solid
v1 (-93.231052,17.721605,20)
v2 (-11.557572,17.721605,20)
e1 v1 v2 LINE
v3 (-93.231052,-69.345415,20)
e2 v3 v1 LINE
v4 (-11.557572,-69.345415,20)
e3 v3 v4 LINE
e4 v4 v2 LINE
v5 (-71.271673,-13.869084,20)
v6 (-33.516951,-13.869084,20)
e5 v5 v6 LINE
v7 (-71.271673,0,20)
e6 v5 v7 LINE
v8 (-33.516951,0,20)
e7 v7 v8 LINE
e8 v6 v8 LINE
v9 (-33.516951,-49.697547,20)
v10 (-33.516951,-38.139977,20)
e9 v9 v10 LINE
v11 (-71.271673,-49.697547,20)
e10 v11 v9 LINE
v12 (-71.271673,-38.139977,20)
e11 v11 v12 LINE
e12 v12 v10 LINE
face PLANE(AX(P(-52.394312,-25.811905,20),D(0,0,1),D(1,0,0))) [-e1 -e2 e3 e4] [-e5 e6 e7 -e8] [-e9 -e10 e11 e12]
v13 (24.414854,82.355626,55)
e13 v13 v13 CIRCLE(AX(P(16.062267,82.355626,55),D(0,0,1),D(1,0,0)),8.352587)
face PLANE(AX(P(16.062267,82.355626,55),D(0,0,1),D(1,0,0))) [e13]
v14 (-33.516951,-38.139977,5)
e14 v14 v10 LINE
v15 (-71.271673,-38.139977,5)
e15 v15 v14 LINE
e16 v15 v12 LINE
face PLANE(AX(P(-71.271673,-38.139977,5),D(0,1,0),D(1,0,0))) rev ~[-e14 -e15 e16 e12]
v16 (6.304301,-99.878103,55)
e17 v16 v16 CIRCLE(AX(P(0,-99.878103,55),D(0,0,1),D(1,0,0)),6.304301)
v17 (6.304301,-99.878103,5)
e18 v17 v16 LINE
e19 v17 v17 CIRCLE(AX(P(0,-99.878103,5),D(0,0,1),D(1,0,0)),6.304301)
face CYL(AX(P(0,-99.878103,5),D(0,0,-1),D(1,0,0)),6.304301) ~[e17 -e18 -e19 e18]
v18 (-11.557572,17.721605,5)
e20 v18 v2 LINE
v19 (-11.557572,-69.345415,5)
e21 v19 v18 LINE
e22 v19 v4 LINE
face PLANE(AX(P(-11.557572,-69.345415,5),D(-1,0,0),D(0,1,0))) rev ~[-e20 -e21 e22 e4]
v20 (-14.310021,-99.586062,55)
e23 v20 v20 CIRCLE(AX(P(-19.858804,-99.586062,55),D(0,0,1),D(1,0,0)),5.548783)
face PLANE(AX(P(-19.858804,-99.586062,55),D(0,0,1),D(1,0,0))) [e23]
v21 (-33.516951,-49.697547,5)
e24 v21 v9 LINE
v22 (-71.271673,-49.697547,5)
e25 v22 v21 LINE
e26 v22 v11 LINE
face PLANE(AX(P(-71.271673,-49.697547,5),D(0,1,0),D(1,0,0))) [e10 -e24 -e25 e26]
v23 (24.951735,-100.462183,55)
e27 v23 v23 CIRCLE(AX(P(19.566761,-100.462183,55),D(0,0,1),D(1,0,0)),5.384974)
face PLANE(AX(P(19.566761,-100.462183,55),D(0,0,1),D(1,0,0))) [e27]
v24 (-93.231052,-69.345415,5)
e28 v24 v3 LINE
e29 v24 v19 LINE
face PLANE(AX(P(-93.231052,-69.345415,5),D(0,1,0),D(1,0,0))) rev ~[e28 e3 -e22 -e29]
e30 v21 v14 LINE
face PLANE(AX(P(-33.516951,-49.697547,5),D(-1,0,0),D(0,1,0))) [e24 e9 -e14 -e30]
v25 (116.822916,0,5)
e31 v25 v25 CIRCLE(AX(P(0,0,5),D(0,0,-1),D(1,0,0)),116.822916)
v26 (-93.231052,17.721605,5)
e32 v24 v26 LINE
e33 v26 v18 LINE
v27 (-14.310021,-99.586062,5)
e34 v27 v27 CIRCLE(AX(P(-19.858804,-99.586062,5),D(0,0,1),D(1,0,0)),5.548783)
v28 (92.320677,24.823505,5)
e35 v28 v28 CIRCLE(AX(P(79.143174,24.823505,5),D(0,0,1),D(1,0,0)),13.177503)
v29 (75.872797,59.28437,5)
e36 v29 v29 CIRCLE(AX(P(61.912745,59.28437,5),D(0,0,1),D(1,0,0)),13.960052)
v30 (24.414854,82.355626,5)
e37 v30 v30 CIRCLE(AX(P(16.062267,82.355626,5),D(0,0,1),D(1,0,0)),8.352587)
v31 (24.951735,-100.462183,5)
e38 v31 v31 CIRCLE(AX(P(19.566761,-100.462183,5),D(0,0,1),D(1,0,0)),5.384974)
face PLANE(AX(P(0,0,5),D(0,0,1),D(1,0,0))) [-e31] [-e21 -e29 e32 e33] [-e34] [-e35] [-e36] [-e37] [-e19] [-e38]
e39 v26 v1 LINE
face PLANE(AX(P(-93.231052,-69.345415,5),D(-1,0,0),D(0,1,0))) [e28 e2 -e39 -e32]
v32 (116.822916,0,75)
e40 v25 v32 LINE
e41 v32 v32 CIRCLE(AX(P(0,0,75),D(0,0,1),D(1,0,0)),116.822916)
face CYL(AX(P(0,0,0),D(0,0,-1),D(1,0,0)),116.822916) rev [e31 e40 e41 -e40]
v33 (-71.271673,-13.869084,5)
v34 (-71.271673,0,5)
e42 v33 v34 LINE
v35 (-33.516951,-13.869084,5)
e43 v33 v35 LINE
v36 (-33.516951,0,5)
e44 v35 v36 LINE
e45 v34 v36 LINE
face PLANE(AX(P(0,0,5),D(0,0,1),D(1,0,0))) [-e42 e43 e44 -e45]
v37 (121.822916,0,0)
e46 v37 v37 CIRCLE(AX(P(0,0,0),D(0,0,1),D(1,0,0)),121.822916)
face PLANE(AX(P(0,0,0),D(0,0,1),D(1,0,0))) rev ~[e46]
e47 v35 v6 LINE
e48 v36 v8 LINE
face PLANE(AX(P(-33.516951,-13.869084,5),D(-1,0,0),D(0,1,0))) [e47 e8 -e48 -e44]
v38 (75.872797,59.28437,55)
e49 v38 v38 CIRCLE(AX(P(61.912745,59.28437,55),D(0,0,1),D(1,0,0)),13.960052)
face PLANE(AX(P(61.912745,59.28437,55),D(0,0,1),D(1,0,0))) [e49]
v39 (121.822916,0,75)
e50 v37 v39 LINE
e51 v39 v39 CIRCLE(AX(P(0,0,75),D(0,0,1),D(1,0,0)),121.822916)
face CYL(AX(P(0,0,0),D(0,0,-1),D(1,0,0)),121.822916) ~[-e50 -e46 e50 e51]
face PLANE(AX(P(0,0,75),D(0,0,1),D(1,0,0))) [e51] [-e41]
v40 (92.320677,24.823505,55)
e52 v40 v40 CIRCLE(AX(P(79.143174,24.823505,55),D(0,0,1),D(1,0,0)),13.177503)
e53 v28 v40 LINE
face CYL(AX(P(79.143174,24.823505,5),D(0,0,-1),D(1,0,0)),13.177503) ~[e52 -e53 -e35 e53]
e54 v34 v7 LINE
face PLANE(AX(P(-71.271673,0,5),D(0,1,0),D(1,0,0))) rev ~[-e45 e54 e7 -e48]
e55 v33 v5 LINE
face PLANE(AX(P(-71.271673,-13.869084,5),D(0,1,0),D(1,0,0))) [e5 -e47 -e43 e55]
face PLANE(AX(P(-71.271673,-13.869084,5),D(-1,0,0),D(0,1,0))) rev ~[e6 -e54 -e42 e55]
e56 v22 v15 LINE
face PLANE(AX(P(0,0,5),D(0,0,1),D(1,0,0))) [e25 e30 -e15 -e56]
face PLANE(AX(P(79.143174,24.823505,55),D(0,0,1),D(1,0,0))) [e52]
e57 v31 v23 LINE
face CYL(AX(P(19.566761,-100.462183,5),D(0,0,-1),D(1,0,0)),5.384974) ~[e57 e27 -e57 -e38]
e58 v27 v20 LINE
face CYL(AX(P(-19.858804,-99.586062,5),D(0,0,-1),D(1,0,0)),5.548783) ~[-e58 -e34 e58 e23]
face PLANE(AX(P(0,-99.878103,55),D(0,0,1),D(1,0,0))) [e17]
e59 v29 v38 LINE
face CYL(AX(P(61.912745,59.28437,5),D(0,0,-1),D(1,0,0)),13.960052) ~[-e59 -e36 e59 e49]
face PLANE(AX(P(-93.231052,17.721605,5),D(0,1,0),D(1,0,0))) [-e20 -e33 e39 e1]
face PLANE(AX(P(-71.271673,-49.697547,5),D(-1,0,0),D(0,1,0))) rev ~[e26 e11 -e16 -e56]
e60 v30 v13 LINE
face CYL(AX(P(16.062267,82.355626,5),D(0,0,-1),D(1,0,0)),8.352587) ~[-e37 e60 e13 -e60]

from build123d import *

# Parameters (mm, degrees)
F0_R     = 121.822916
F1_DEPTH = 75
F2_T     = -5
F3_R     = 8.352587
F3_R_2   = 13.960052
F3_R_3   = 13.177503
F3_R_4   = 5.384974
F3_R_5   = 6.304301
F3_R_6   = 5.548783
F4_DEPTH = 50
F5_W     = 81.67348
F5_H     = 87.06702
F5_W_2   = 37.754722
F5_H_2   = 11.557571
F5_H_3   = 13.869084
F6_DEPTH = 15


with BuildPart() as f1:
    # F0 (on Top) → F1 (new body)
    with BuildSketch(Plane.XY):
        Circle(F0_R)
    extrude(amount=F1_DEPTH)

    # F2
    f2_openings = [f1.faces().sort_by_distance(p)[0] for p in [
        (0, 0, 75),
    ]]
    offset(amount=F2_T, openings=f2_openings)

    # F3 (on face) → F4 (join)
    with BuildSketch(Plane.XY.offset(5)):
        with Locations((16.062267, 82.355626)):
            Circle(F3_R)
        with Locations((61.912745, 59.28437)):
            Circle(F3_R_2)
        with Locations((79.143174, 24.823505)):
            Circle(F3_R_3)
        with Locations((19.566761, -100.462183)):
            Circle(F3_R_4)
        with Locations((0, -99.878103)):
            Circle(F3_R_5)
        with Locations((-19.858804, -99.586062)):
            Circle(F3_R_6)
    extrude(amount=F4_DEPTH)

    # F5 (on face) → F6 (join)
    with BuildSketch(Plane.XY.offset(5)):
        with Locations((-52.394312, -25.811905)):
            Rectangle(F5_W, F5_H)
        with Locations((-52.394312, -43.918762)):
            Rectangle(F5_W_2, F5_H_2, mode=Mode.SUBTRACT)
        with Locations((-52.394312, -6.934542)):
            Rectangle(F5_W_2, F5_H_3, mode=Mode.SUBTRACT)
    extrude(amount=F6_DEPTH)


solid = f1.part
